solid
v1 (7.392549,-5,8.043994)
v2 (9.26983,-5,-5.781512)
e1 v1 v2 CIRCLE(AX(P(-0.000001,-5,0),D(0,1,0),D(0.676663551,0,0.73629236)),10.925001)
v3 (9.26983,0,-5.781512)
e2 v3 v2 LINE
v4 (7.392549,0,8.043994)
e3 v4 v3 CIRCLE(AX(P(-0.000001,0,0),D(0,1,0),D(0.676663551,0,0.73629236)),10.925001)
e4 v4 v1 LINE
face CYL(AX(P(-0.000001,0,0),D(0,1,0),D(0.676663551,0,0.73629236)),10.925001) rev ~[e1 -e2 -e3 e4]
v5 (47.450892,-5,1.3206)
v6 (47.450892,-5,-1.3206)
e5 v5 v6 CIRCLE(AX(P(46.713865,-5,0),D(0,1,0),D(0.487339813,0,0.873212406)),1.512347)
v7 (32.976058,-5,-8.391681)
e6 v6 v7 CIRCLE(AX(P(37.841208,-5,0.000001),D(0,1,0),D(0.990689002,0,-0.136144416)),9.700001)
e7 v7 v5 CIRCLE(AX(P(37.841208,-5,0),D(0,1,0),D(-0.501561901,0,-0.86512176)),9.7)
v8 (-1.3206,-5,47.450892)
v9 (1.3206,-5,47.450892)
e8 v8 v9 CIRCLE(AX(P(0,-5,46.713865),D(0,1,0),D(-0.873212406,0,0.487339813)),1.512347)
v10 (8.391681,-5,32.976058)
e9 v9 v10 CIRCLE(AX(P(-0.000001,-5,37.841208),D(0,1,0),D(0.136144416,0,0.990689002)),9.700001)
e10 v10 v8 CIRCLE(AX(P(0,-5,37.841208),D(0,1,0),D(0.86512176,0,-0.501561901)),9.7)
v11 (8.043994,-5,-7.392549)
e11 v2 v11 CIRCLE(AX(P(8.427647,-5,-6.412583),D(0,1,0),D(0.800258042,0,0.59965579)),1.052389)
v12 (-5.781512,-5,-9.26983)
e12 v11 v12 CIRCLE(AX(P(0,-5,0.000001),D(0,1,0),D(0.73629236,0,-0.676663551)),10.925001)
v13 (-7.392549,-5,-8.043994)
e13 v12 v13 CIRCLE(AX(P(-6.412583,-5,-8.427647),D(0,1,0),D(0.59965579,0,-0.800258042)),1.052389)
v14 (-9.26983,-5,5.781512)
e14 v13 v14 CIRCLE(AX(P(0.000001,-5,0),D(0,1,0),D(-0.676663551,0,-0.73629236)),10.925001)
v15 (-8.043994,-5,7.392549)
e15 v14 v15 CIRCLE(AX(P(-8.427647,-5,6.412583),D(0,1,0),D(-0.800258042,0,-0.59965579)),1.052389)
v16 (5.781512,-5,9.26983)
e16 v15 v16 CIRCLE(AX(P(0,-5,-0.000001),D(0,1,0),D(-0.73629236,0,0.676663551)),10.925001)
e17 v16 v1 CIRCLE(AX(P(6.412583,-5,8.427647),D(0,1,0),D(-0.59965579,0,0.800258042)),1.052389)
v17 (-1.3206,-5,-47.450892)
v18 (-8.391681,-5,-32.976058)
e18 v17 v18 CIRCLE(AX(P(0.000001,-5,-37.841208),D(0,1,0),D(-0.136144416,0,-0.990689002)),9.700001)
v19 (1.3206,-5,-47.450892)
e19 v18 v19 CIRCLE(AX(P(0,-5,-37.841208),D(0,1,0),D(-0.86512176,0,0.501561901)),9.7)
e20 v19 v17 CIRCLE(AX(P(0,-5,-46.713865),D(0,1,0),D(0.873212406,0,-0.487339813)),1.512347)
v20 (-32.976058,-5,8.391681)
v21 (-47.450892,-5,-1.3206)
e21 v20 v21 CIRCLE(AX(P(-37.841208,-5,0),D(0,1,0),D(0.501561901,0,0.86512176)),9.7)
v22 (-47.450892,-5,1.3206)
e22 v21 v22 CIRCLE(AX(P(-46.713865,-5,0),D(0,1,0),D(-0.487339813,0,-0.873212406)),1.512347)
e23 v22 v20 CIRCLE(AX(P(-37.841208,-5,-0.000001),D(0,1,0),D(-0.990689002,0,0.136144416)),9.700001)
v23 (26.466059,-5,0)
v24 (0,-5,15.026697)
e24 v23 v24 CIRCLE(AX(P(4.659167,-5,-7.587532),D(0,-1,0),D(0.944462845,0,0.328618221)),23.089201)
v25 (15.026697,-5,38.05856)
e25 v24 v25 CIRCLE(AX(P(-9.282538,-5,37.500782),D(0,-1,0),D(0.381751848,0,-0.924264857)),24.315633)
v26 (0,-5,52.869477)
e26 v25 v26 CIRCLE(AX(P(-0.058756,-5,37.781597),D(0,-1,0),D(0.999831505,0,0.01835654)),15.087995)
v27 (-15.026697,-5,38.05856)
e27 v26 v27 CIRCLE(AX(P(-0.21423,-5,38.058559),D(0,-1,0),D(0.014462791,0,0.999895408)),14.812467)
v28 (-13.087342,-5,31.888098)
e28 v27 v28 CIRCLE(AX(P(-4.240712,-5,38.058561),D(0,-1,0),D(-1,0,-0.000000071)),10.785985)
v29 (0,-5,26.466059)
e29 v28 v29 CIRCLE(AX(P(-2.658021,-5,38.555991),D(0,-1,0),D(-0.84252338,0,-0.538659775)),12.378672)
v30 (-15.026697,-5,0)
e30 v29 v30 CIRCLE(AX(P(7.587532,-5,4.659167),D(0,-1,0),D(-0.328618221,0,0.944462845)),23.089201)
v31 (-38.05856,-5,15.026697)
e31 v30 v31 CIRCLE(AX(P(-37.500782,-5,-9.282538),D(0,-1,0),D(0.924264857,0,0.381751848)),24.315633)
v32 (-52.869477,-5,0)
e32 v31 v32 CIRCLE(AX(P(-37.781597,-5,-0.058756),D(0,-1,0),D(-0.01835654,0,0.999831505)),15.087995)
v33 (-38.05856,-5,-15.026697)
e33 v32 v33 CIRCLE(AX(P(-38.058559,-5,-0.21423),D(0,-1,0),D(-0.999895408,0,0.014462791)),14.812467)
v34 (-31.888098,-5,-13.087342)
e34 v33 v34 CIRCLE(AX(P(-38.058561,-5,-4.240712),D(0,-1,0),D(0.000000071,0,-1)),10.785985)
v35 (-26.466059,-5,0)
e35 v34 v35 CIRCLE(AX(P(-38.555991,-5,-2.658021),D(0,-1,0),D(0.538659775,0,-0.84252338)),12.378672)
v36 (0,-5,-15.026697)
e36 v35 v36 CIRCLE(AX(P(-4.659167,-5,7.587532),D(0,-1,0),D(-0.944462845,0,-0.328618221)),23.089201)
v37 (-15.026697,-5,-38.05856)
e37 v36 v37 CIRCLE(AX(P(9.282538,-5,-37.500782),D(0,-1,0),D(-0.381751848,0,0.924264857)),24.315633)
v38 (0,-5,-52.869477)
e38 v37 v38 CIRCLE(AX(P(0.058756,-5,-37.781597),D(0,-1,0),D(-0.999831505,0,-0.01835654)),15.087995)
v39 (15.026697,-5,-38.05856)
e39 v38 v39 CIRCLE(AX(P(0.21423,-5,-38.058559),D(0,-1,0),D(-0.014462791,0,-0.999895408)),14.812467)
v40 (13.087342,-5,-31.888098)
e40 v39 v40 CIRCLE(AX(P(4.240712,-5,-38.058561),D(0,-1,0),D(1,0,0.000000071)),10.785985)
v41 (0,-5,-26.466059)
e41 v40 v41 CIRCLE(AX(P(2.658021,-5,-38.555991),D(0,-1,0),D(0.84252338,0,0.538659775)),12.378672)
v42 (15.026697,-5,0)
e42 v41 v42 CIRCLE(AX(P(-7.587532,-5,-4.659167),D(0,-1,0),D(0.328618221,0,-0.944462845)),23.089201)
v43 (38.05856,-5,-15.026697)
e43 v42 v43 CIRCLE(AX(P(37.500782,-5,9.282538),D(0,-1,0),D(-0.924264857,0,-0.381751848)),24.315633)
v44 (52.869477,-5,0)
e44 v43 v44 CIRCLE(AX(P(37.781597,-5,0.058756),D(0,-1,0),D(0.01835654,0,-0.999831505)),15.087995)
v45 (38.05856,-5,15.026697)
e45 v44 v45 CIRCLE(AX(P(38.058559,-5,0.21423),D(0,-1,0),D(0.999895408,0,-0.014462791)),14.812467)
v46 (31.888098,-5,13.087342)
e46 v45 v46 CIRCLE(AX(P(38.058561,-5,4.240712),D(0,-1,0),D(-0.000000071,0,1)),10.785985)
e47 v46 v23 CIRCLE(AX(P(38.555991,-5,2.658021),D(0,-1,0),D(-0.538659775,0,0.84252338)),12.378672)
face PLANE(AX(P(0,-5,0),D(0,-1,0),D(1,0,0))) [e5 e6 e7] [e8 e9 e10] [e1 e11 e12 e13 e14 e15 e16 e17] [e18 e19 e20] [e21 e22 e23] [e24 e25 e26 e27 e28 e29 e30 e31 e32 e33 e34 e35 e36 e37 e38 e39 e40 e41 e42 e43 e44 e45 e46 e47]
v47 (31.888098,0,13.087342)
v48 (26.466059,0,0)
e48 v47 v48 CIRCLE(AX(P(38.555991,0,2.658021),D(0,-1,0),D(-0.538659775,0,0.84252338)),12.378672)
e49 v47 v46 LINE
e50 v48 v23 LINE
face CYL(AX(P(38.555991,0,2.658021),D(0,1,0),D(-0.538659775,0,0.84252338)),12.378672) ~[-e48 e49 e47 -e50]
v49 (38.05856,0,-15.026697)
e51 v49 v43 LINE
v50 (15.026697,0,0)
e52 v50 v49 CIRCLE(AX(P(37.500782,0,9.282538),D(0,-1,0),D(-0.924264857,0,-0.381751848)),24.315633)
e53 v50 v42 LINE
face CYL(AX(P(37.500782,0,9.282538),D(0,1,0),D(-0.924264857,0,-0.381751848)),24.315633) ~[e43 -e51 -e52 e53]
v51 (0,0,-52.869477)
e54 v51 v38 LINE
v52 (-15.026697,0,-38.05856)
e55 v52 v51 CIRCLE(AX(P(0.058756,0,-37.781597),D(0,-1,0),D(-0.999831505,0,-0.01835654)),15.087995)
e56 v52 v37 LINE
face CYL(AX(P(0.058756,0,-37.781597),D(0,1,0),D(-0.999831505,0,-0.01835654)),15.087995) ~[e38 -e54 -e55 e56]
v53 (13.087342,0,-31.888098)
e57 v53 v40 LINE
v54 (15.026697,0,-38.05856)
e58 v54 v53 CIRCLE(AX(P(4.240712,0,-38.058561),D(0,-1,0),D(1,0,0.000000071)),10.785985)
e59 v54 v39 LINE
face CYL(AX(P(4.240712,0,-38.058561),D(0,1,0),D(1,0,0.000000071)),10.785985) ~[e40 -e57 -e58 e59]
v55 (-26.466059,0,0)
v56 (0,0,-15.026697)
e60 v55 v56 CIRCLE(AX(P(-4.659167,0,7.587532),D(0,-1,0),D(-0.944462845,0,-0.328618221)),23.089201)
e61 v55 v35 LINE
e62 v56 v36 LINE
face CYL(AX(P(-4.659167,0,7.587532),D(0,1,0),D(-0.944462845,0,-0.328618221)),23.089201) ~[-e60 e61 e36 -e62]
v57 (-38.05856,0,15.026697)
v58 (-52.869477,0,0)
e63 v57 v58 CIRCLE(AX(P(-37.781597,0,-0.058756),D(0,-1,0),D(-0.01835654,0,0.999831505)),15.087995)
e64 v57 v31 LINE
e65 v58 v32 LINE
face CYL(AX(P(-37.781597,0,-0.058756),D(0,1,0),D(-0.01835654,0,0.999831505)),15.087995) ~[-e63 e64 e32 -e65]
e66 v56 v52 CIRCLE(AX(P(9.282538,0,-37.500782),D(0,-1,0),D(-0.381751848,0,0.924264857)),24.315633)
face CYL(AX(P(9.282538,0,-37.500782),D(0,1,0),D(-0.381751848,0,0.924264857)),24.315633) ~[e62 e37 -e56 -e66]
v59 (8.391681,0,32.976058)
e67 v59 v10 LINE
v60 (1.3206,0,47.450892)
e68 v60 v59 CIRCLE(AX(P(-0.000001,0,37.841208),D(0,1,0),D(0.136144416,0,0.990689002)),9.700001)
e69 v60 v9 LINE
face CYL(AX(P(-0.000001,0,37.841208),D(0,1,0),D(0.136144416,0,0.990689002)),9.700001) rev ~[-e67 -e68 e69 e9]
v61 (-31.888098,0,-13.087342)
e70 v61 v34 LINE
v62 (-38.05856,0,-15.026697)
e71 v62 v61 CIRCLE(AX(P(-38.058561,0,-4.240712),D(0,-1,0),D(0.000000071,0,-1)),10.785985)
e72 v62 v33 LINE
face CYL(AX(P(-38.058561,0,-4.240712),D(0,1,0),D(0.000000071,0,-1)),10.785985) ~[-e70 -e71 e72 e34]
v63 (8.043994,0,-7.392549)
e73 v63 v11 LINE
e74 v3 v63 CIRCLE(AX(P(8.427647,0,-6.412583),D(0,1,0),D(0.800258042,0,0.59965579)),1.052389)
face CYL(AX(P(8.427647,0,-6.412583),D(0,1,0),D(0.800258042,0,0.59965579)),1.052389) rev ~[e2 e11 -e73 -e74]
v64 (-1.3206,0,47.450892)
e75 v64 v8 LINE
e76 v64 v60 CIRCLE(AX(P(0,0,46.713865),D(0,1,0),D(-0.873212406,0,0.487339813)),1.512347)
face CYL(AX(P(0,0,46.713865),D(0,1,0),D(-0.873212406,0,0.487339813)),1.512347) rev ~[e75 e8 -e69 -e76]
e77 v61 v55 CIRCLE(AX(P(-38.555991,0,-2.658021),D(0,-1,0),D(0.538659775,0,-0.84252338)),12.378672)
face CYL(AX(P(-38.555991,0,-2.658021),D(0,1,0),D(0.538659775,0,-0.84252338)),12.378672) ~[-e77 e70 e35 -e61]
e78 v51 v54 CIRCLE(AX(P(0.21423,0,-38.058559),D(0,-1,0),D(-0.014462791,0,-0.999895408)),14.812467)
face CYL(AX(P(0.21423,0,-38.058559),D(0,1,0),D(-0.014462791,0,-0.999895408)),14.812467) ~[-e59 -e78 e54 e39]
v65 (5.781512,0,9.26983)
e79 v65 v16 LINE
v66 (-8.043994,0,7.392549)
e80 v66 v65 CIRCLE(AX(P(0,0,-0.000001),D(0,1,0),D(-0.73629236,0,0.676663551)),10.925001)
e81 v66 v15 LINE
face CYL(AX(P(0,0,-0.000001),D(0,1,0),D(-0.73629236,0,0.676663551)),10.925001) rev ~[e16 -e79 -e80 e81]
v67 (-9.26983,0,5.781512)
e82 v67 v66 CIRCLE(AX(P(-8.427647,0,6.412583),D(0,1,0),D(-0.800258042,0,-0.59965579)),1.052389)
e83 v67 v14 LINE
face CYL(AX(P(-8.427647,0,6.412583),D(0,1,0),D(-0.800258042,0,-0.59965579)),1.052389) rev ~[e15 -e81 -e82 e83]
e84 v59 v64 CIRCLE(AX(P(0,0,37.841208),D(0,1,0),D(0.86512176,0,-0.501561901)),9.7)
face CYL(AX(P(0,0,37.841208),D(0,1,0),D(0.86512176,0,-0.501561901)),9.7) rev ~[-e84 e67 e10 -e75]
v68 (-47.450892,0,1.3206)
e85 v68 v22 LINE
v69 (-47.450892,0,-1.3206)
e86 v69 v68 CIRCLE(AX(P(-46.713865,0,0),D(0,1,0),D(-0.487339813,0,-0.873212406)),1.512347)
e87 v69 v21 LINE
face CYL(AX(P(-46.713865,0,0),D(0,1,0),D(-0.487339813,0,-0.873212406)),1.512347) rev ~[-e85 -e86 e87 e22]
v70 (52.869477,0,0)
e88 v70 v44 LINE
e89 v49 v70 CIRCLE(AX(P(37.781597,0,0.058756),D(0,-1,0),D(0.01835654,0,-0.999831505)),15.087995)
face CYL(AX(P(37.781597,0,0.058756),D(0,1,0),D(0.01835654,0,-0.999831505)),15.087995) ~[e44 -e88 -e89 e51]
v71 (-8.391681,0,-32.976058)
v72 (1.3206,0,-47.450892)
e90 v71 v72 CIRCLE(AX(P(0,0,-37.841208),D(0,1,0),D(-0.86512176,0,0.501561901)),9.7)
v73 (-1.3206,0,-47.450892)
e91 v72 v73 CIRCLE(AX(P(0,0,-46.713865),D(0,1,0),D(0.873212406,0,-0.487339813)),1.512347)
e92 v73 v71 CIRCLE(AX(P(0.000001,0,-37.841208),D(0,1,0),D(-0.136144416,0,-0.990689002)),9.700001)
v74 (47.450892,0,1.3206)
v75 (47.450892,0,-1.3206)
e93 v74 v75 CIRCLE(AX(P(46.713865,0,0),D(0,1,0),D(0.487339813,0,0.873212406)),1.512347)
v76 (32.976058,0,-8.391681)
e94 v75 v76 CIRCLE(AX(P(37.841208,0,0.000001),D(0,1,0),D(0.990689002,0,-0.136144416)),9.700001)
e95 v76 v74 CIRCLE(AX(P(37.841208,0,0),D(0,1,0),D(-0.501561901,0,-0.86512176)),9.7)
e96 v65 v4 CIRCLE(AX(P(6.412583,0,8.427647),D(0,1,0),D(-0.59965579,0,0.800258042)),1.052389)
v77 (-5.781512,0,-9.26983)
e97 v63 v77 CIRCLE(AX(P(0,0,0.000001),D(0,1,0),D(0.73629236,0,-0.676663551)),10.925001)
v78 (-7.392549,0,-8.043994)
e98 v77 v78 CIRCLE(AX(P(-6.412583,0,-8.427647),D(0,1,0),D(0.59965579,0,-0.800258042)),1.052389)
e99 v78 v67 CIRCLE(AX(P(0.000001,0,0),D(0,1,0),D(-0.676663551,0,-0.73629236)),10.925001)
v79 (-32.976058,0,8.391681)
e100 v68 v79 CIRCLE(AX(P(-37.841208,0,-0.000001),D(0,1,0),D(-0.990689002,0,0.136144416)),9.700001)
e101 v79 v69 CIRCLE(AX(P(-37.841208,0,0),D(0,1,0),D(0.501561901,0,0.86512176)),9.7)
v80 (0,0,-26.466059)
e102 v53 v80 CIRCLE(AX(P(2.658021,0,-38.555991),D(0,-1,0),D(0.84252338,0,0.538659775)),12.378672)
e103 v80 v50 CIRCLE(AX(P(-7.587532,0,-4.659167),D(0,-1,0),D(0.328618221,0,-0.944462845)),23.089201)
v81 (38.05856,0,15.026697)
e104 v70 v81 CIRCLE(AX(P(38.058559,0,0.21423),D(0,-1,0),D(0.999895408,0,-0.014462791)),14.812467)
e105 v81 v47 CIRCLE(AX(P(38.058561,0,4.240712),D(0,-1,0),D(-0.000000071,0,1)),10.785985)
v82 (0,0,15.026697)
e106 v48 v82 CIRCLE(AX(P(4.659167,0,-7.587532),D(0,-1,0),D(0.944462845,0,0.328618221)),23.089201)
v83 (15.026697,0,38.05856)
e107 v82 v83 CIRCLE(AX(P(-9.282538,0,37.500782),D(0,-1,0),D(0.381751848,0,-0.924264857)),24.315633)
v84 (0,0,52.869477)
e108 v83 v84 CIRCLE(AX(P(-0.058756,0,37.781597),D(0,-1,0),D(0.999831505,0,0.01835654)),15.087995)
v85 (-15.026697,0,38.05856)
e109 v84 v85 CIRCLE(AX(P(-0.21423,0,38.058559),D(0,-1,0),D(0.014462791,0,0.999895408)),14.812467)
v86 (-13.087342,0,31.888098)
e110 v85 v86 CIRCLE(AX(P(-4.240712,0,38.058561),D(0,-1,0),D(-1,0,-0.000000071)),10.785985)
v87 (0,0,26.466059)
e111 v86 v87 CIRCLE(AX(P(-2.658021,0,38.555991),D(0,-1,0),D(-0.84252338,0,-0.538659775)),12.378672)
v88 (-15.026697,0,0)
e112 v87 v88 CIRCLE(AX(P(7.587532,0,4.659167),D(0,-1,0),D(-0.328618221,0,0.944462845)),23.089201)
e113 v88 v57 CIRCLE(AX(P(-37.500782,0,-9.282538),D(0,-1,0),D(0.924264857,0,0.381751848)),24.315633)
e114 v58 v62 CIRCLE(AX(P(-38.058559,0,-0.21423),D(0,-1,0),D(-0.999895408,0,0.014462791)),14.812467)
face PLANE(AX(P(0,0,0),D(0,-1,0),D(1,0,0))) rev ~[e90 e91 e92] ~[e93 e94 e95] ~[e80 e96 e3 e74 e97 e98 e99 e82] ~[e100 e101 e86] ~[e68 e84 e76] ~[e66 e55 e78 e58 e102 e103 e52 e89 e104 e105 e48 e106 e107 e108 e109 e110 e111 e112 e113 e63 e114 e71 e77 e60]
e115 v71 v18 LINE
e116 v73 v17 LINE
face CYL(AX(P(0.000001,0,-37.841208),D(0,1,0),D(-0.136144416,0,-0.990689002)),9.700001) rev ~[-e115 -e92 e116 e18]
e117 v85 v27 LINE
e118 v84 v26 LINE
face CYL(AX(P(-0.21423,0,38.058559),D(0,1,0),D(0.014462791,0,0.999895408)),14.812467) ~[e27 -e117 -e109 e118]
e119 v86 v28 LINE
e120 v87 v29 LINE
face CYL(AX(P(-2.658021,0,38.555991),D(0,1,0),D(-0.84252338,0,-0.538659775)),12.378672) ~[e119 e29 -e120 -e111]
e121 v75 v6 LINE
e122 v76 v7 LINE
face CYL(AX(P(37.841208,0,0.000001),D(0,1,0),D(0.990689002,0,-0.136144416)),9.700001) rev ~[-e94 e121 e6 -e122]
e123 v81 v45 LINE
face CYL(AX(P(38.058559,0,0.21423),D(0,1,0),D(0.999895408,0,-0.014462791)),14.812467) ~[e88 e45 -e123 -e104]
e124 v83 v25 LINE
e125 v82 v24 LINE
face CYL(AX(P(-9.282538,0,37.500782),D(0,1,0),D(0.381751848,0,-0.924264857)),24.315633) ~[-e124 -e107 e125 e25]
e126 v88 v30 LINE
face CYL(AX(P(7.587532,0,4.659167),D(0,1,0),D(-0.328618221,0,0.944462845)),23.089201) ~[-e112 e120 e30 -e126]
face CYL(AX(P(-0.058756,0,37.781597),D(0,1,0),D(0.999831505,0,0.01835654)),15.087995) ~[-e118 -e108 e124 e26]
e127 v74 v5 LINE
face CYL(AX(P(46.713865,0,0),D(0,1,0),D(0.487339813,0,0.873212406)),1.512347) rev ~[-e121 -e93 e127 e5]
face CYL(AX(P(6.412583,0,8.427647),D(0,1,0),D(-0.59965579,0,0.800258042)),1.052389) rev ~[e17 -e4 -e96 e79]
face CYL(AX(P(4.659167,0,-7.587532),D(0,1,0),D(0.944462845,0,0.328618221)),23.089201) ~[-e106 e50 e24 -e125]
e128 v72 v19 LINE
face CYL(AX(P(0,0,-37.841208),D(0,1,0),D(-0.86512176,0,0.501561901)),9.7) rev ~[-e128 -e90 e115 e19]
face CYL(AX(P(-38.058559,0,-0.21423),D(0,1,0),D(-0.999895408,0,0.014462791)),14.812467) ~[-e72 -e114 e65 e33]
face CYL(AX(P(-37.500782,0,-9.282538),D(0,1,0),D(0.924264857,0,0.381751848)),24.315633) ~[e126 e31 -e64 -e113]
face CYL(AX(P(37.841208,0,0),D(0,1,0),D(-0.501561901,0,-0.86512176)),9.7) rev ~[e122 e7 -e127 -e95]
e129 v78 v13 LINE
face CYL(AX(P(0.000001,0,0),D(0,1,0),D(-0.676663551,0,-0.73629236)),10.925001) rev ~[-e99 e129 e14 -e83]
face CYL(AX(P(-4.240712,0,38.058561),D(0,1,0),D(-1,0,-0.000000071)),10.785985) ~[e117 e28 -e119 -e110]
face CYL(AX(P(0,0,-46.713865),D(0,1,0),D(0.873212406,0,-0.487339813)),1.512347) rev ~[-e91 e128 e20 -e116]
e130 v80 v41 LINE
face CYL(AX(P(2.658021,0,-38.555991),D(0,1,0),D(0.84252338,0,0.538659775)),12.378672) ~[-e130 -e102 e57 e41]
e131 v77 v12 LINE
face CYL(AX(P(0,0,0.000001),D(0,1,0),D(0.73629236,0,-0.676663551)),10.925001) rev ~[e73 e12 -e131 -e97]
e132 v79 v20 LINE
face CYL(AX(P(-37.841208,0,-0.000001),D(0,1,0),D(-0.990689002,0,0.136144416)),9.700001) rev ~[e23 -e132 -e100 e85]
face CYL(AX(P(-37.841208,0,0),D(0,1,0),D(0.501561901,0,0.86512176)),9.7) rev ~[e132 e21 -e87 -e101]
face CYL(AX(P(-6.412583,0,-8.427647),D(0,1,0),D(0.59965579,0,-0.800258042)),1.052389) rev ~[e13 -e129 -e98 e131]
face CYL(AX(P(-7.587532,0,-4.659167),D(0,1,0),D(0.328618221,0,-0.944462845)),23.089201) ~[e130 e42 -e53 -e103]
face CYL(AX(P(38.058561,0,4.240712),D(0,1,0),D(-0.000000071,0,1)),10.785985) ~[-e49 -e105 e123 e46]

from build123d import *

# Parameters (mm, degrees)
F1_DEPTH = 5


with BuildPart() as f1:
    # F0 (on Front) → F1 (new body)
    with BuildSketch(Plane.XZ):
        with BuildLine():
            ThreePointArc((-13.087342, 31.888098), (-7.395943, 27.119924), (0, 26.466059))
            ThreePointArc((0, 26.466059), (-12.491055, 16.059234), (-15.026697, 0))
            ThreePointArc((-15.026697, 0), (-24.214265, 11.0821), (-38.05856, 15.026697))
            ThreePointArc((-38.05856, 15.026697), (-48.527294, 10.532636), (-52.869477, 0))
            ThreePointArc((-52.869477, 0), (-48.608025, -10.612208), (-38.05856, -15.026697))
            ThreePointArc((-38.05856, -15.026697), (-34.824534, -14.530442), (-31.888098, -13.087342))
            ThreePointArc((-31.888098, -13.087342), (-27.119924, -7.395943), (-26.466059, 0))
            ThreePointArc((-26.466059, 0), (-16.059234, -12.491055), (0, -15.026697))
            ThreePointArc((0, -15.026697), (-11.0821, -24.214265), (-15.026697, -38.05856))
            ThreePointArc((-15.026697, -38.05856), (-10.532636, -48.527294), (0, -52.869477))
            ThreePointArc((0, -52.869477), (10.612208, -48.608025), (15.026697, -38.05856))
            ThreePointArc((15.026697, -38.05856), (14.530442, -34.824534), (13.087342, -31.888098))
            ThreePointArc((13.087342, -31.888098), (7.395943, -27.119924), (0, -26.466059))
            ThreePointArc((0, -26.466059), (12.491055, -16.059234), (15.026697, 0))
            ThreePointArc((15.026697, 0), (24.214265, -11.0821), (38.05856, -15.026697))
            ThreePointArc((38.05856, -15.026697), (48.527294, -10.532636), (52.869477, 0))
            ThreePointArc((52.869477, 0), (48.608025, 10.612208), (38.05856, 15.026697))
            ThreePointArc((38.05856, 15.026697), (34.824534, 14.530442), (31.888098, 13.087342))
            ThreePointArc((31.888098, 13.087342), (27.119924, 7.395943), (26.466059, 0))
            ThreePointArc((26.466059, 0), (16.059234, 12.491055), (0, 15.026697))
            ThreePointArc((0, 15.026697), (11.0821, 24.214265), (15.026697, 38.05856))
            ThreePointArc((15.026697, 38.05856), (10.532636, 48.527294), (0, 52.869477))
            ThreePointArc((0, 52.869477), (-10.612208, 48.608025), (-15.026697, 38.05856))
            ThreePointArc((-15.026697, 38.05856), (-14.530442, 34.824534), (-13.087342, 31.888098))
        make_face()
        with BuildLine():
            ThreePointArc((-1.3206, -47.450892), (-8.715635, -42.098872), (-8.391681, -32.976058))
            ThreePointArc((-8.391681, -32.976058), (8.054828, -32.436604), (1.3206, -47.450892))
            ThreePointArc((1.3206, -47.450892), (0, -48.226212), (-1.3206, -47.450892))
        make_face(mode=Mode.SUBTRACT)
        with BuildLine():
            ThreePointArc((47.450892, -1.3206), (42.098872, -8.715635), (32.976058, -8.391681))
            ThreePointArc((32.976058, -8.391681), (32.436604, 8.054828), (47.450892, 1.3206))
            ThreePointArc((47.450892, 1.3206), (48.226212, 0), (47.450892, -1.3206))
        make_face(mode=Mode.SUBTRACT)
        with BuildLine():
            ThreePointArc((-47.450892, 1.3206), (-42.098872, 8.715635), (-32.976058, 8.391681))
            ThreePointArc((-32.976058, 8.391681), (-32.436604, -8.054828), (-47.450892, -1.3206))
            ThreePointArc((-47.450892, -1.3206), (-48.226212, 0), (-47.450892, 1.3206))
        make_face(mode=Mode.SUBTRACT)
        with BuildLine():
            ThreePointArc((-8.043994, 7.392549), (-1.469949, 10.825658), (5.781512, 9.26983))
            ThreePointArc((5.781512, 9.26983), (7.049843, 9.265157), (7.392549, 8.043994))
            ThreePointArc((7.392549, 8.043994), (10.825658, 1.469949), (9.26983, -5.781512))
            ThreePointArc((9.26983, -5.781512), (9.265157, -7.049843), (8.043994, -7.392549))
            ThreePointArc((8.043994, -7.392549), (1.469949, -10.825658), (-5.781512, -9.26983))
            ThreePointArc((-5.781512, -9.26983), (-7.049843, -9.265157), (-7.392549, -8.043994))
            ThreePointArc((-7.392549, -8.043994), (-10.825658, -1.469949), (-9.26983, 5.781512))
            ThreePointArc((-9.26983, 5.781512), (-9.265157, 7.049843), (-8.043994, 7.392549))
        make_face(mode=Mode.SUBTRACT)
        with BuildLine():
            ThreePointArc((8.391681, 32.976058), (-8.054828, 32.436604), (-1.3206, 47.450892))
            ThreePointArc((-1.3206, 47.450892), (0, 48.226212), (1.3206, 47.450892))
            ThreePointArc((1.3206, 47.450892), (8.715635, 42.098872), (8.391681, 32.976058))
        make_face(mode=Mode.SUBTRACT)
    extrude(amount=F1_DEPTH)


solid = f1.part
